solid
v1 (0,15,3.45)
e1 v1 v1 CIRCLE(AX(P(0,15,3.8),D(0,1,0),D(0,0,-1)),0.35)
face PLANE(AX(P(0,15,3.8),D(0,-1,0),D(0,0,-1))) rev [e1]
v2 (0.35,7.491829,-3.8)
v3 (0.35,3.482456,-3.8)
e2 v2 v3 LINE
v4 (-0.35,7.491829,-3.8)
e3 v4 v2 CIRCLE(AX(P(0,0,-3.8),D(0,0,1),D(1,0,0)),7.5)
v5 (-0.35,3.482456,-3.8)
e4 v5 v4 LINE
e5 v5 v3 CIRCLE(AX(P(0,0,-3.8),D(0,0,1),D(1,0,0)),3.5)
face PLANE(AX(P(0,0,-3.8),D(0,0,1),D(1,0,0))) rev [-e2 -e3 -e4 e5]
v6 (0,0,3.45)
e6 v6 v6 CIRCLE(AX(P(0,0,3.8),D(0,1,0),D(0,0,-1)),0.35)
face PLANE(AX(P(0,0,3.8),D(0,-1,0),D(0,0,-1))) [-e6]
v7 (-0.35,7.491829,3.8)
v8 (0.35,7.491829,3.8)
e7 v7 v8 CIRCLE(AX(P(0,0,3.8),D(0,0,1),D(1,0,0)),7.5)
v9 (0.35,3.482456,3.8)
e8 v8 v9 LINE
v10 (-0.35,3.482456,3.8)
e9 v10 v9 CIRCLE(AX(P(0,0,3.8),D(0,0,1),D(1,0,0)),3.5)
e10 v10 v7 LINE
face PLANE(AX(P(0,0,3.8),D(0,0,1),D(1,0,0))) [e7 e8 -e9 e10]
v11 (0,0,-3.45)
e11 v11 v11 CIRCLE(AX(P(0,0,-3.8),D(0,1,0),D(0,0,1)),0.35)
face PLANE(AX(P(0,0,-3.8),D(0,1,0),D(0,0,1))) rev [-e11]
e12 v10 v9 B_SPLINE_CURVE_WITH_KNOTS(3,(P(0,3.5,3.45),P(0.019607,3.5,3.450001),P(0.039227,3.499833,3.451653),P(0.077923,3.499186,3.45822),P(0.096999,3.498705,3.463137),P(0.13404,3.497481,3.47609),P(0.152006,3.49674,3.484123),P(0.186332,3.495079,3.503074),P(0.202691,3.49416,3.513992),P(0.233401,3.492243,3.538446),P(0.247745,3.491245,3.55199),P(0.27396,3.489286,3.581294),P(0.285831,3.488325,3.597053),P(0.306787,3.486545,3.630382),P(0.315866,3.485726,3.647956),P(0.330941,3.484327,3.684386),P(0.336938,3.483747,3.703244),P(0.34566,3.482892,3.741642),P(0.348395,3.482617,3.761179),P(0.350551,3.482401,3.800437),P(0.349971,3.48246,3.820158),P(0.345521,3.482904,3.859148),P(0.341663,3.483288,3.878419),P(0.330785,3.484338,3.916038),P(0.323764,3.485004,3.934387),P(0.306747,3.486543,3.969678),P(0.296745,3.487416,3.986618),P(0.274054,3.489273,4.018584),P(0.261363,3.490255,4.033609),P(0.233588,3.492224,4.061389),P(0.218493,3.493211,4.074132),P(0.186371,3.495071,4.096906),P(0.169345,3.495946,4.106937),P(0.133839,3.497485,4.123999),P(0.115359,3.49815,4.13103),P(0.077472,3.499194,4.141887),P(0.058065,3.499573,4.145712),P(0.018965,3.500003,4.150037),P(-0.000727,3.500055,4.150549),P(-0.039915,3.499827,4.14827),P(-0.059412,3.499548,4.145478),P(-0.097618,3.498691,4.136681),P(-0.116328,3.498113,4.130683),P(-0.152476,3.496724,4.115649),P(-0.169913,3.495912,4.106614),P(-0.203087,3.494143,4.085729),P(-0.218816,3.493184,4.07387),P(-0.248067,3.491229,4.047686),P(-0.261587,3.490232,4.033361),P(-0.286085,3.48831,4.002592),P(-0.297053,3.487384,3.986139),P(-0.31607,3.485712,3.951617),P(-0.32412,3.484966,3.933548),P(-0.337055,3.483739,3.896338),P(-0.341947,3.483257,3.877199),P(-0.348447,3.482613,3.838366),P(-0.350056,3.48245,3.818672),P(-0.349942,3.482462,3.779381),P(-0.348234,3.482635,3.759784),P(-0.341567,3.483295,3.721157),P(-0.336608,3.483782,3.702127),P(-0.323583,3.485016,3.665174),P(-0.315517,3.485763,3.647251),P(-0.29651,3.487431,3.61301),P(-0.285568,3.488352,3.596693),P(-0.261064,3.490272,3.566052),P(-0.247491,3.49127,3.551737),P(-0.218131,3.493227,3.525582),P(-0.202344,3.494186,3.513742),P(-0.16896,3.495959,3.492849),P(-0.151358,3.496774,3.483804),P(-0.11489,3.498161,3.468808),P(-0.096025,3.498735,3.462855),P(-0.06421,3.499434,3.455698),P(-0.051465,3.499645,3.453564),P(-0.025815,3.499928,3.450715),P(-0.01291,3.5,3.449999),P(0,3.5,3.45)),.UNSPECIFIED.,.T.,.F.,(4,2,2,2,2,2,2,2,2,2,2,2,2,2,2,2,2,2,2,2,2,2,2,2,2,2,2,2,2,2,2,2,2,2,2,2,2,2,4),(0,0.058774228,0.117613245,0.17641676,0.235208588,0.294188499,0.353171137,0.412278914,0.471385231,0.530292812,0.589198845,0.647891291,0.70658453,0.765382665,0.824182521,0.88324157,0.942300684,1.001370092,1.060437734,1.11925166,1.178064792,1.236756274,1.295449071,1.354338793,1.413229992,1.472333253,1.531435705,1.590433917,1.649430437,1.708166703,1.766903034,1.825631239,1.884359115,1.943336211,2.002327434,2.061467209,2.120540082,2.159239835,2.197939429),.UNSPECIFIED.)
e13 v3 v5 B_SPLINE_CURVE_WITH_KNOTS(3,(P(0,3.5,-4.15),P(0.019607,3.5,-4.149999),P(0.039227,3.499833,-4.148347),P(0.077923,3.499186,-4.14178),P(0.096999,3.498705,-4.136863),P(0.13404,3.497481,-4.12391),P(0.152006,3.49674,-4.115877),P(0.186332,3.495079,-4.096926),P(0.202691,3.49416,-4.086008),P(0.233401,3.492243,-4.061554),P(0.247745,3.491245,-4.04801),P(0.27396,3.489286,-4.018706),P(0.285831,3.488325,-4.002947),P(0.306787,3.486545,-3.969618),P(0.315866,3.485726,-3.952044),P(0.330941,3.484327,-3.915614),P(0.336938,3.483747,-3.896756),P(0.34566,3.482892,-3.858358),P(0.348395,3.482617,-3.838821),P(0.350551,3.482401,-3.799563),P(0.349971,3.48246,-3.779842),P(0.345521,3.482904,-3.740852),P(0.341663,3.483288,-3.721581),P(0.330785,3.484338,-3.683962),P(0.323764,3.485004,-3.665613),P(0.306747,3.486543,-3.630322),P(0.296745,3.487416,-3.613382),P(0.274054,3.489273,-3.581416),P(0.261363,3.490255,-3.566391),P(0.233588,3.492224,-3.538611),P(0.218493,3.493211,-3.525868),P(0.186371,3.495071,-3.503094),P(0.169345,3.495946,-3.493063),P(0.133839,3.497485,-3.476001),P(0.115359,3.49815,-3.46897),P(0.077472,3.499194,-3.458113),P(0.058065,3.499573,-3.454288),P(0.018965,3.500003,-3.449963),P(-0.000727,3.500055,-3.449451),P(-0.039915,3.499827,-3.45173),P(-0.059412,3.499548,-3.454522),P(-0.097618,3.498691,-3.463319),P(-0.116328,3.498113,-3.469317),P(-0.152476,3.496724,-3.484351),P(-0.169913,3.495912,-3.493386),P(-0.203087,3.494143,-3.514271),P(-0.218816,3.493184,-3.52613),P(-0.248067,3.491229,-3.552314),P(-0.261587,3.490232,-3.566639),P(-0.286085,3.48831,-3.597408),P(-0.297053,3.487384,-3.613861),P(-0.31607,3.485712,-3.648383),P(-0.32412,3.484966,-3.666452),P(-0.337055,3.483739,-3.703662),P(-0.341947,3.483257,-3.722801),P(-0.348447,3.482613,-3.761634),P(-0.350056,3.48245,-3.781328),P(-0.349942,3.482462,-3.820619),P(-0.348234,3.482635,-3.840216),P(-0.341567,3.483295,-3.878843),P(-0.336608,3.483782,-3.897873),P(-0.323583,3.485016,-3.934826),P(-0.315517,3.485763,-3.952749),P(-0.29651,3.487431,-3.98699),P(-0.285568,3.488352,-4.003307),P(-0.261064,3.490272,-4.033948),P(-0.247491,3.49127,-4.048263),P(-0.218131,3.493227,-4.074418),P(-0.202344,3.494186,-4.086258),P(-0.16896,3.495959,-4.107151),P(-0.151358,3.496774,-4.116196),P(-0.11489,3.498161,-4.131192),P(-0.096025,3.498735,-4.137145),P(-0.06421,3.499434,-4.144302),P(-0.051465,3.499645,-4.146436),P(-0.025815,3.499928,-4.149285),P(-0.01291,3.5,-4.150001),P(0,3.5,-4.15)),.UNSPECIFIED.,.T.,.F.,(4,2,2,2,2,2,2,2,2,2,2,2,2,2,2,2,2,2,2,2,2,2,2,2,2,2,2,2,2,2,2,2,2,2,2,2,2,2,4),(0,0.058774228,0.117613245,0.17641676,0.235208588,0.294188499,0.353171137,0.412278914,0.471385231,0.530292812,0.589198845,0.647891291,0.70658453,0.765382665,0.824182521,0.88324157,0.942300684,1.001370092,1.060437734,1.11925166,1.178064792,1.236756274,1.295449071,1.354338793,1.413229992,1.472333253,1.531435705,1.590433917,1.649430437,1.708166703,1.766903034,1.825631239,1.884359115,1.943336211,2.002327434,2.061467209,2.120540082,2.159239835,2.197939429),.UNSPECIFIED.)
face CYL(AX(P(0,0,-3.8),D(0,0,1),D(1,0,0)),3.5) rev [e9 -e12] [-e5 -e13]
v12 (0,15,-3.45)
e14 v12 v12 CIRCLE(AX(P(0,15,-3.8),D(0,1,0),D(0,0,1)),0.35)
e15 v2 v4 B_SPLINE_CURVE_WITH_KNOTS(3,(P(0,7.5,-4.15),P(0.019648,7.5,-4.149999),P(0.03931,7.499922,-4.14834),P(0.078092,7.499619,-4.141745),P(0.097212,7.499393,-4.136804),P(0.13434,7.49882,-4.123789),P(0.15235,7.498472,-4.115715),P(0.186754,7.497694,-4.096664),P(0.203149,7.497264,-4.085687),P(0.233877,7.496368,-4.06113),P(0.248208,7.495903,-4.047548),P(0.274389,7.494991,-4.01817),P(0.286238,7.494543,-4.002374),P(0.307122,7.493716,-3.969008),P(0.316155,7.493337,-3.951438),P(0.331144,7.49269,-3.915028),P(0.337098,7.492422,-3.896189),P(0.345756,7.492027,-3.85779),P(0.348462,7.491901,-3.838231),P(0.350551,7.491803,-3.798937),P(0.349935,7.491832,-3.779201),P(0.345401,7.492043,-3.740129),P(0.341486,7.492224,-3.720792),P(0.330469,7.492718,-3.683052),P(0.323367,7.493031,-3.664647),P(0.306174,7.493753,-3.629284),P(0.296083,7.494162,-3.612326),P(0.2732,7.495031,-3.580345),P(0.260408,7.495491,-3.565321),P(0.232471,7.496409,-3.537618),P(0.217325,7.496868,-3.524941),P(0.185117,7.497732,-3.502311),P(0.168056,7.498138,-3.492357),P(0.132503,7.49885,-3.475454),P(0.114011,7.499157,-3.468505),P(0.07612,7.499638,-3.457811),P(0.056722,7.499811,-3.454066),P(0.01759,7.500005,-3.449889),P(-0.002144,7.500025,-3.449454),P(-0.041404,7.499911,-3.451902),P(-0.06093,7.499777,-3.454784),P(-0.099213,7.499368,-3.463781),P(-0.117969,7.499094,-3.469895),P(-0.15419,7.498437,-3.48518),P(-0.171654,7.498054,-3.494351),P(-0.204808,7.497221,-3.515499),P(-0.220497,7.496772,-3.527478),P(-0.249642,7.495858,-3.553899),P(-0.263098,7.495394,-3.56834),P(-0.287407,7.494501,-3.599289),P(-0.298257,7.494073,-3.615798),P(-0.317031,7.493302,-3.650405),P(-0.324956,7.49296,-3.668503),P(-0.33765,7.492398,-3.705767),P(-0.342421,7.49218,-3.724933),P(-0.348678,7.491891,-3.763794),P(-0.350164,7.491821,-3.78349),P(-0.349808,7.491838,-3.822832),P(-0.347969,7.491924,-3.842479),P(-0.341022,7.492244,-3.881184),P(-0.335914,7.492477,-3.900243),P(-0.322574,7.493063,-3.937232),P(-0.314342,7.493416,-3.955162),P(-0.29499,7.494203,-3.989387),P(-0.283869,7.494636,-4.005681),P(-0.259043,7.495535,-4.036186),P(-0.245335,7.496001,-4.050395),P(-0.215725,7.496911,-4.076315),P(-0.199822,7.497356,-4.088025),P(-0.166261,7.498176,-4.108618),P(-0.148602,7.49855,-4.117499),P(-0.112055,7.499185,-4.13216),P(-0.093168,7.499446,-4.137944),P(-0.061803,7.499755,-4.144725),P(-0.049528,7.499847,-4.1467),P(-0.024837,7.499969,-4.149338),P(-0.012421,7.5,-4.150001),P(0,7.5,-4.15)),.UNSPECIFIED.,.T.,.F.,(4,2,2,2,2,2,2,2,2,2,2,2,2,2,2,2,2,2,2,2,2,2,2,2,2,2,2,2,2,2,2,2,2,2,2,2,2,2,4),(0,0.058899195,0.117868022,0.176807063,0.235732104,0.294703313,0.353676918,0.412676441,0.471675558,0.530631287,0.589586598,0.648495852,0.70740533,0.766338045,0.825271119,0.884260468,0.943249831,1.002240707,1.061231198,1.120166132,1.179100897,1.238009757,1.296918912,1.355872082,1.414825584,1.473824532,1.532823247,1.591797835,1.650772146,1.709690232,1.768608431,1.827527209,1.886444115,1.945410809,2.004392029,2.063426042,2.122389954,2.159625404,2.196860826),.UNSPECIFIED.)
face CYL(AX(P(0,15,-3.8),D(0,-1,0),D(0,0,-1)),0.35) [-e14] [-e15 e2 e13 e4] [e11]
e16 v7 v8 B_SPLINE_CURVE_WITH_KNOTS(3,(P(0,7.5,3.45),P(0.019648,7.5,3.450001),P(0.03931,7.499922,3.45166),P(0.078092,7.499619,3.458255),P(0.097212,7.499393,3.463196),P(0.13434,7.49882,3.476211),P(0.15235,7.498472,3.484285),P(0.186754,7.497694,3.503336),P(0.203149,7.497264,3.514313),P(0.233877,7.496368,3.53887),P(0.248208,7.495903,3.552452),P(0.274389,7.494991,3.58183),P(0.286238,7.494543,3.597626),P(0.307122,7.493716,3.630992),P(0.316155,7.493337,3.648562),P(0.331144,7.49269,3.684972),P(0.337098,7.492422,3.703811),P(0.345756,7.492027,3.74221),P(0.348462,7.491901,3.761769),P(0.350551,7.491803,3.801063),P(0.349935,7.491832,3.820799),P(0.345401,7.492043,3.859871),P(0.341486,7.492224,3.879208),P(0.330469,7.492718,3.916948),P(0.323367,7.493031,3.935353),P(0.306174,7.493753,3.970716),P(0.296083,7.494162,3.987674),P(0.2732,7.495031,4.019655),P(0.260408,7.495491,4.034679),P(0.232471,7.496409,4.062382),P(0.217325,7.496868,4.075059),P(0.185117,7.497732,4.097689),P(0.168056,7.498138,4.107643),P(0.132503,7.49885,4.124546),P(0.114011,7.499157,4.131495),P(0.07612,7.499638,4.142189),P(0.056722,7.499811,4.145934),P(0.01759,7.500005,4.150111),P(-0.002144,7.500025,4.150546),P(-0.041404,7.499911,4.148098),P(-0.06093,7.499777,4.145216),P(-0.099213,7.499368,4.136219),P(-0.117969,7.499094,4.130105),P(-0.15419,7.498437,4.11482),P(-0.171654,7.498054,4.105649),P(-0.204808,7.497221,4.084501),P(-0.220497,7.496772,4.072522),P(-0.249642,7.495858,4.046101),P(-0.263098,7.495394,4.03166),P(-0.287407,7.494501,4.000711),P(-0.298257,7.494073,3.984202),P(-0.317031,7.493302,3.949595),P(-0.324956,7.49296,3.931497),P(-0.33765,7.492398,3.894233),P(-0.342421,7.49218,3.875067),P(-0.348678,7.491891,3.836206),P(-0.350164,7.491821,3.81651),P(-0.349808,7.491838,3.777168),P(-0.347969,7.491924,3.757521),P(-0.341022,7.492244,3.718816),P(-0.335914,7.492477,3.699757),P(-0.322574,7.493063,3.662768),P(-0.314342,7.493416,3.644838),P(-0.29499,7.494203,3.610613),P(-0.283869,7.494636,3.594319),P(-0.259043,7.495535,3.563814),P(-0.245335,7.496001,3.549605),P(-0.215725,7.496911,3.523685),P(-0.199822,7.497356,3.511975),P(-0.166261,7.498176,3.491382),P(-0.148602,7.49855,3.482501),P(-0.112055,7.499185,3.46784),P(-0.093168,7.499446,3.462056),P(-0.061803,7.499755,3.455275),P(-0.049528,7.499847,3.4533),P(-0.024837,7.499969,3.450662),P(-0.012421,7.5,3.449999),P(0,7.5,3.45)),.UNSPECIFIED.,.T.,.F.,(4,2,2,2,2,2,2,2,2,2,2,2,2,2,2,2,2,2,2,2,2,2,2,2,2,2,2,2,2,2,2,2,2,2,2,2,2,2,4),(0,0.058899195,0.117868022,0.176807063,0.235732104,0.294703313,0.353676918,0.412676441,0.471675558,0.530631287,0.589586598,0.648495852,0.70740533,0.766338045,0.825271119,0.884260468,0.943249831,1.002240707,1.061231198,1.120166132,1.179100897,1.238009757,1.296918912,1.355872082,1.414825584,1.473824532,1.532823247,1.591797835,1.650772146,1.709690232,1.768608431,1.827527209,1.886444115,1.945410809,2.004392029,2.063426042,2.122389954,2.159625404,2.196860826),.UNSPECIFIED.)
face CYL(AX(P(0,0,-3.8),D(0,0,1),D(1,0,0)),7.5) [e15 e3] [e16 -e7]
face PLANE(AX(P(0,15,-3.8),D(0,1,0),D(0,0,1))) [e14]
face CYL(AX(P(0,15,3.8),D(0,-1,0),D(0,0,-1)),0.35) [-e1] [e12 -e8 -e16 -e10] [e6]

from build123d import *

# Parameters (mm, degrees)
EXTRUDE_1_DEPTH      = 3.8
EXTRUDE_1_DEPTH_BACK = 3.8
SKETCH_1_R           = 7.5
SKETCH_1_R_2         = 3.5
SKETCH_3_R           = 0.35
EXTRUDE_2_DEPTH      = 15


with BuildPart() as part:
    # 草图1 → 凸台-拉伸1 (new, two sides: drawn at the far end of the back side and taken through both)
    with BuildSketch(Plane.XY.offset(-EXTRUDE_1_DEPTH_BACK)):
        Circle(SKETCH_1_R)
        Circle(SKETCH_1_R_2, mode=Mode.SUBTRACT)
    extrude(amount=EXTRUDE_1_DEPTH + EXTRUDE_1_DEPTH_BACK)

    # 草图3 → 凸台-拉伸2 (add)
    with BuildSketch(Plane(origin=(0, 0, 0), x_dir=(1, 0, 0), z_dir=(0, 1, 0))):
        with Locations((0, 3.8)):
            Circle(SKETCH_3_R)
        with Locations((0, -3.8)):
            Circle(SKETCH_3_R)
    extrude(amount=EXTRUDE_2_DEPTH)


solid = part.part
